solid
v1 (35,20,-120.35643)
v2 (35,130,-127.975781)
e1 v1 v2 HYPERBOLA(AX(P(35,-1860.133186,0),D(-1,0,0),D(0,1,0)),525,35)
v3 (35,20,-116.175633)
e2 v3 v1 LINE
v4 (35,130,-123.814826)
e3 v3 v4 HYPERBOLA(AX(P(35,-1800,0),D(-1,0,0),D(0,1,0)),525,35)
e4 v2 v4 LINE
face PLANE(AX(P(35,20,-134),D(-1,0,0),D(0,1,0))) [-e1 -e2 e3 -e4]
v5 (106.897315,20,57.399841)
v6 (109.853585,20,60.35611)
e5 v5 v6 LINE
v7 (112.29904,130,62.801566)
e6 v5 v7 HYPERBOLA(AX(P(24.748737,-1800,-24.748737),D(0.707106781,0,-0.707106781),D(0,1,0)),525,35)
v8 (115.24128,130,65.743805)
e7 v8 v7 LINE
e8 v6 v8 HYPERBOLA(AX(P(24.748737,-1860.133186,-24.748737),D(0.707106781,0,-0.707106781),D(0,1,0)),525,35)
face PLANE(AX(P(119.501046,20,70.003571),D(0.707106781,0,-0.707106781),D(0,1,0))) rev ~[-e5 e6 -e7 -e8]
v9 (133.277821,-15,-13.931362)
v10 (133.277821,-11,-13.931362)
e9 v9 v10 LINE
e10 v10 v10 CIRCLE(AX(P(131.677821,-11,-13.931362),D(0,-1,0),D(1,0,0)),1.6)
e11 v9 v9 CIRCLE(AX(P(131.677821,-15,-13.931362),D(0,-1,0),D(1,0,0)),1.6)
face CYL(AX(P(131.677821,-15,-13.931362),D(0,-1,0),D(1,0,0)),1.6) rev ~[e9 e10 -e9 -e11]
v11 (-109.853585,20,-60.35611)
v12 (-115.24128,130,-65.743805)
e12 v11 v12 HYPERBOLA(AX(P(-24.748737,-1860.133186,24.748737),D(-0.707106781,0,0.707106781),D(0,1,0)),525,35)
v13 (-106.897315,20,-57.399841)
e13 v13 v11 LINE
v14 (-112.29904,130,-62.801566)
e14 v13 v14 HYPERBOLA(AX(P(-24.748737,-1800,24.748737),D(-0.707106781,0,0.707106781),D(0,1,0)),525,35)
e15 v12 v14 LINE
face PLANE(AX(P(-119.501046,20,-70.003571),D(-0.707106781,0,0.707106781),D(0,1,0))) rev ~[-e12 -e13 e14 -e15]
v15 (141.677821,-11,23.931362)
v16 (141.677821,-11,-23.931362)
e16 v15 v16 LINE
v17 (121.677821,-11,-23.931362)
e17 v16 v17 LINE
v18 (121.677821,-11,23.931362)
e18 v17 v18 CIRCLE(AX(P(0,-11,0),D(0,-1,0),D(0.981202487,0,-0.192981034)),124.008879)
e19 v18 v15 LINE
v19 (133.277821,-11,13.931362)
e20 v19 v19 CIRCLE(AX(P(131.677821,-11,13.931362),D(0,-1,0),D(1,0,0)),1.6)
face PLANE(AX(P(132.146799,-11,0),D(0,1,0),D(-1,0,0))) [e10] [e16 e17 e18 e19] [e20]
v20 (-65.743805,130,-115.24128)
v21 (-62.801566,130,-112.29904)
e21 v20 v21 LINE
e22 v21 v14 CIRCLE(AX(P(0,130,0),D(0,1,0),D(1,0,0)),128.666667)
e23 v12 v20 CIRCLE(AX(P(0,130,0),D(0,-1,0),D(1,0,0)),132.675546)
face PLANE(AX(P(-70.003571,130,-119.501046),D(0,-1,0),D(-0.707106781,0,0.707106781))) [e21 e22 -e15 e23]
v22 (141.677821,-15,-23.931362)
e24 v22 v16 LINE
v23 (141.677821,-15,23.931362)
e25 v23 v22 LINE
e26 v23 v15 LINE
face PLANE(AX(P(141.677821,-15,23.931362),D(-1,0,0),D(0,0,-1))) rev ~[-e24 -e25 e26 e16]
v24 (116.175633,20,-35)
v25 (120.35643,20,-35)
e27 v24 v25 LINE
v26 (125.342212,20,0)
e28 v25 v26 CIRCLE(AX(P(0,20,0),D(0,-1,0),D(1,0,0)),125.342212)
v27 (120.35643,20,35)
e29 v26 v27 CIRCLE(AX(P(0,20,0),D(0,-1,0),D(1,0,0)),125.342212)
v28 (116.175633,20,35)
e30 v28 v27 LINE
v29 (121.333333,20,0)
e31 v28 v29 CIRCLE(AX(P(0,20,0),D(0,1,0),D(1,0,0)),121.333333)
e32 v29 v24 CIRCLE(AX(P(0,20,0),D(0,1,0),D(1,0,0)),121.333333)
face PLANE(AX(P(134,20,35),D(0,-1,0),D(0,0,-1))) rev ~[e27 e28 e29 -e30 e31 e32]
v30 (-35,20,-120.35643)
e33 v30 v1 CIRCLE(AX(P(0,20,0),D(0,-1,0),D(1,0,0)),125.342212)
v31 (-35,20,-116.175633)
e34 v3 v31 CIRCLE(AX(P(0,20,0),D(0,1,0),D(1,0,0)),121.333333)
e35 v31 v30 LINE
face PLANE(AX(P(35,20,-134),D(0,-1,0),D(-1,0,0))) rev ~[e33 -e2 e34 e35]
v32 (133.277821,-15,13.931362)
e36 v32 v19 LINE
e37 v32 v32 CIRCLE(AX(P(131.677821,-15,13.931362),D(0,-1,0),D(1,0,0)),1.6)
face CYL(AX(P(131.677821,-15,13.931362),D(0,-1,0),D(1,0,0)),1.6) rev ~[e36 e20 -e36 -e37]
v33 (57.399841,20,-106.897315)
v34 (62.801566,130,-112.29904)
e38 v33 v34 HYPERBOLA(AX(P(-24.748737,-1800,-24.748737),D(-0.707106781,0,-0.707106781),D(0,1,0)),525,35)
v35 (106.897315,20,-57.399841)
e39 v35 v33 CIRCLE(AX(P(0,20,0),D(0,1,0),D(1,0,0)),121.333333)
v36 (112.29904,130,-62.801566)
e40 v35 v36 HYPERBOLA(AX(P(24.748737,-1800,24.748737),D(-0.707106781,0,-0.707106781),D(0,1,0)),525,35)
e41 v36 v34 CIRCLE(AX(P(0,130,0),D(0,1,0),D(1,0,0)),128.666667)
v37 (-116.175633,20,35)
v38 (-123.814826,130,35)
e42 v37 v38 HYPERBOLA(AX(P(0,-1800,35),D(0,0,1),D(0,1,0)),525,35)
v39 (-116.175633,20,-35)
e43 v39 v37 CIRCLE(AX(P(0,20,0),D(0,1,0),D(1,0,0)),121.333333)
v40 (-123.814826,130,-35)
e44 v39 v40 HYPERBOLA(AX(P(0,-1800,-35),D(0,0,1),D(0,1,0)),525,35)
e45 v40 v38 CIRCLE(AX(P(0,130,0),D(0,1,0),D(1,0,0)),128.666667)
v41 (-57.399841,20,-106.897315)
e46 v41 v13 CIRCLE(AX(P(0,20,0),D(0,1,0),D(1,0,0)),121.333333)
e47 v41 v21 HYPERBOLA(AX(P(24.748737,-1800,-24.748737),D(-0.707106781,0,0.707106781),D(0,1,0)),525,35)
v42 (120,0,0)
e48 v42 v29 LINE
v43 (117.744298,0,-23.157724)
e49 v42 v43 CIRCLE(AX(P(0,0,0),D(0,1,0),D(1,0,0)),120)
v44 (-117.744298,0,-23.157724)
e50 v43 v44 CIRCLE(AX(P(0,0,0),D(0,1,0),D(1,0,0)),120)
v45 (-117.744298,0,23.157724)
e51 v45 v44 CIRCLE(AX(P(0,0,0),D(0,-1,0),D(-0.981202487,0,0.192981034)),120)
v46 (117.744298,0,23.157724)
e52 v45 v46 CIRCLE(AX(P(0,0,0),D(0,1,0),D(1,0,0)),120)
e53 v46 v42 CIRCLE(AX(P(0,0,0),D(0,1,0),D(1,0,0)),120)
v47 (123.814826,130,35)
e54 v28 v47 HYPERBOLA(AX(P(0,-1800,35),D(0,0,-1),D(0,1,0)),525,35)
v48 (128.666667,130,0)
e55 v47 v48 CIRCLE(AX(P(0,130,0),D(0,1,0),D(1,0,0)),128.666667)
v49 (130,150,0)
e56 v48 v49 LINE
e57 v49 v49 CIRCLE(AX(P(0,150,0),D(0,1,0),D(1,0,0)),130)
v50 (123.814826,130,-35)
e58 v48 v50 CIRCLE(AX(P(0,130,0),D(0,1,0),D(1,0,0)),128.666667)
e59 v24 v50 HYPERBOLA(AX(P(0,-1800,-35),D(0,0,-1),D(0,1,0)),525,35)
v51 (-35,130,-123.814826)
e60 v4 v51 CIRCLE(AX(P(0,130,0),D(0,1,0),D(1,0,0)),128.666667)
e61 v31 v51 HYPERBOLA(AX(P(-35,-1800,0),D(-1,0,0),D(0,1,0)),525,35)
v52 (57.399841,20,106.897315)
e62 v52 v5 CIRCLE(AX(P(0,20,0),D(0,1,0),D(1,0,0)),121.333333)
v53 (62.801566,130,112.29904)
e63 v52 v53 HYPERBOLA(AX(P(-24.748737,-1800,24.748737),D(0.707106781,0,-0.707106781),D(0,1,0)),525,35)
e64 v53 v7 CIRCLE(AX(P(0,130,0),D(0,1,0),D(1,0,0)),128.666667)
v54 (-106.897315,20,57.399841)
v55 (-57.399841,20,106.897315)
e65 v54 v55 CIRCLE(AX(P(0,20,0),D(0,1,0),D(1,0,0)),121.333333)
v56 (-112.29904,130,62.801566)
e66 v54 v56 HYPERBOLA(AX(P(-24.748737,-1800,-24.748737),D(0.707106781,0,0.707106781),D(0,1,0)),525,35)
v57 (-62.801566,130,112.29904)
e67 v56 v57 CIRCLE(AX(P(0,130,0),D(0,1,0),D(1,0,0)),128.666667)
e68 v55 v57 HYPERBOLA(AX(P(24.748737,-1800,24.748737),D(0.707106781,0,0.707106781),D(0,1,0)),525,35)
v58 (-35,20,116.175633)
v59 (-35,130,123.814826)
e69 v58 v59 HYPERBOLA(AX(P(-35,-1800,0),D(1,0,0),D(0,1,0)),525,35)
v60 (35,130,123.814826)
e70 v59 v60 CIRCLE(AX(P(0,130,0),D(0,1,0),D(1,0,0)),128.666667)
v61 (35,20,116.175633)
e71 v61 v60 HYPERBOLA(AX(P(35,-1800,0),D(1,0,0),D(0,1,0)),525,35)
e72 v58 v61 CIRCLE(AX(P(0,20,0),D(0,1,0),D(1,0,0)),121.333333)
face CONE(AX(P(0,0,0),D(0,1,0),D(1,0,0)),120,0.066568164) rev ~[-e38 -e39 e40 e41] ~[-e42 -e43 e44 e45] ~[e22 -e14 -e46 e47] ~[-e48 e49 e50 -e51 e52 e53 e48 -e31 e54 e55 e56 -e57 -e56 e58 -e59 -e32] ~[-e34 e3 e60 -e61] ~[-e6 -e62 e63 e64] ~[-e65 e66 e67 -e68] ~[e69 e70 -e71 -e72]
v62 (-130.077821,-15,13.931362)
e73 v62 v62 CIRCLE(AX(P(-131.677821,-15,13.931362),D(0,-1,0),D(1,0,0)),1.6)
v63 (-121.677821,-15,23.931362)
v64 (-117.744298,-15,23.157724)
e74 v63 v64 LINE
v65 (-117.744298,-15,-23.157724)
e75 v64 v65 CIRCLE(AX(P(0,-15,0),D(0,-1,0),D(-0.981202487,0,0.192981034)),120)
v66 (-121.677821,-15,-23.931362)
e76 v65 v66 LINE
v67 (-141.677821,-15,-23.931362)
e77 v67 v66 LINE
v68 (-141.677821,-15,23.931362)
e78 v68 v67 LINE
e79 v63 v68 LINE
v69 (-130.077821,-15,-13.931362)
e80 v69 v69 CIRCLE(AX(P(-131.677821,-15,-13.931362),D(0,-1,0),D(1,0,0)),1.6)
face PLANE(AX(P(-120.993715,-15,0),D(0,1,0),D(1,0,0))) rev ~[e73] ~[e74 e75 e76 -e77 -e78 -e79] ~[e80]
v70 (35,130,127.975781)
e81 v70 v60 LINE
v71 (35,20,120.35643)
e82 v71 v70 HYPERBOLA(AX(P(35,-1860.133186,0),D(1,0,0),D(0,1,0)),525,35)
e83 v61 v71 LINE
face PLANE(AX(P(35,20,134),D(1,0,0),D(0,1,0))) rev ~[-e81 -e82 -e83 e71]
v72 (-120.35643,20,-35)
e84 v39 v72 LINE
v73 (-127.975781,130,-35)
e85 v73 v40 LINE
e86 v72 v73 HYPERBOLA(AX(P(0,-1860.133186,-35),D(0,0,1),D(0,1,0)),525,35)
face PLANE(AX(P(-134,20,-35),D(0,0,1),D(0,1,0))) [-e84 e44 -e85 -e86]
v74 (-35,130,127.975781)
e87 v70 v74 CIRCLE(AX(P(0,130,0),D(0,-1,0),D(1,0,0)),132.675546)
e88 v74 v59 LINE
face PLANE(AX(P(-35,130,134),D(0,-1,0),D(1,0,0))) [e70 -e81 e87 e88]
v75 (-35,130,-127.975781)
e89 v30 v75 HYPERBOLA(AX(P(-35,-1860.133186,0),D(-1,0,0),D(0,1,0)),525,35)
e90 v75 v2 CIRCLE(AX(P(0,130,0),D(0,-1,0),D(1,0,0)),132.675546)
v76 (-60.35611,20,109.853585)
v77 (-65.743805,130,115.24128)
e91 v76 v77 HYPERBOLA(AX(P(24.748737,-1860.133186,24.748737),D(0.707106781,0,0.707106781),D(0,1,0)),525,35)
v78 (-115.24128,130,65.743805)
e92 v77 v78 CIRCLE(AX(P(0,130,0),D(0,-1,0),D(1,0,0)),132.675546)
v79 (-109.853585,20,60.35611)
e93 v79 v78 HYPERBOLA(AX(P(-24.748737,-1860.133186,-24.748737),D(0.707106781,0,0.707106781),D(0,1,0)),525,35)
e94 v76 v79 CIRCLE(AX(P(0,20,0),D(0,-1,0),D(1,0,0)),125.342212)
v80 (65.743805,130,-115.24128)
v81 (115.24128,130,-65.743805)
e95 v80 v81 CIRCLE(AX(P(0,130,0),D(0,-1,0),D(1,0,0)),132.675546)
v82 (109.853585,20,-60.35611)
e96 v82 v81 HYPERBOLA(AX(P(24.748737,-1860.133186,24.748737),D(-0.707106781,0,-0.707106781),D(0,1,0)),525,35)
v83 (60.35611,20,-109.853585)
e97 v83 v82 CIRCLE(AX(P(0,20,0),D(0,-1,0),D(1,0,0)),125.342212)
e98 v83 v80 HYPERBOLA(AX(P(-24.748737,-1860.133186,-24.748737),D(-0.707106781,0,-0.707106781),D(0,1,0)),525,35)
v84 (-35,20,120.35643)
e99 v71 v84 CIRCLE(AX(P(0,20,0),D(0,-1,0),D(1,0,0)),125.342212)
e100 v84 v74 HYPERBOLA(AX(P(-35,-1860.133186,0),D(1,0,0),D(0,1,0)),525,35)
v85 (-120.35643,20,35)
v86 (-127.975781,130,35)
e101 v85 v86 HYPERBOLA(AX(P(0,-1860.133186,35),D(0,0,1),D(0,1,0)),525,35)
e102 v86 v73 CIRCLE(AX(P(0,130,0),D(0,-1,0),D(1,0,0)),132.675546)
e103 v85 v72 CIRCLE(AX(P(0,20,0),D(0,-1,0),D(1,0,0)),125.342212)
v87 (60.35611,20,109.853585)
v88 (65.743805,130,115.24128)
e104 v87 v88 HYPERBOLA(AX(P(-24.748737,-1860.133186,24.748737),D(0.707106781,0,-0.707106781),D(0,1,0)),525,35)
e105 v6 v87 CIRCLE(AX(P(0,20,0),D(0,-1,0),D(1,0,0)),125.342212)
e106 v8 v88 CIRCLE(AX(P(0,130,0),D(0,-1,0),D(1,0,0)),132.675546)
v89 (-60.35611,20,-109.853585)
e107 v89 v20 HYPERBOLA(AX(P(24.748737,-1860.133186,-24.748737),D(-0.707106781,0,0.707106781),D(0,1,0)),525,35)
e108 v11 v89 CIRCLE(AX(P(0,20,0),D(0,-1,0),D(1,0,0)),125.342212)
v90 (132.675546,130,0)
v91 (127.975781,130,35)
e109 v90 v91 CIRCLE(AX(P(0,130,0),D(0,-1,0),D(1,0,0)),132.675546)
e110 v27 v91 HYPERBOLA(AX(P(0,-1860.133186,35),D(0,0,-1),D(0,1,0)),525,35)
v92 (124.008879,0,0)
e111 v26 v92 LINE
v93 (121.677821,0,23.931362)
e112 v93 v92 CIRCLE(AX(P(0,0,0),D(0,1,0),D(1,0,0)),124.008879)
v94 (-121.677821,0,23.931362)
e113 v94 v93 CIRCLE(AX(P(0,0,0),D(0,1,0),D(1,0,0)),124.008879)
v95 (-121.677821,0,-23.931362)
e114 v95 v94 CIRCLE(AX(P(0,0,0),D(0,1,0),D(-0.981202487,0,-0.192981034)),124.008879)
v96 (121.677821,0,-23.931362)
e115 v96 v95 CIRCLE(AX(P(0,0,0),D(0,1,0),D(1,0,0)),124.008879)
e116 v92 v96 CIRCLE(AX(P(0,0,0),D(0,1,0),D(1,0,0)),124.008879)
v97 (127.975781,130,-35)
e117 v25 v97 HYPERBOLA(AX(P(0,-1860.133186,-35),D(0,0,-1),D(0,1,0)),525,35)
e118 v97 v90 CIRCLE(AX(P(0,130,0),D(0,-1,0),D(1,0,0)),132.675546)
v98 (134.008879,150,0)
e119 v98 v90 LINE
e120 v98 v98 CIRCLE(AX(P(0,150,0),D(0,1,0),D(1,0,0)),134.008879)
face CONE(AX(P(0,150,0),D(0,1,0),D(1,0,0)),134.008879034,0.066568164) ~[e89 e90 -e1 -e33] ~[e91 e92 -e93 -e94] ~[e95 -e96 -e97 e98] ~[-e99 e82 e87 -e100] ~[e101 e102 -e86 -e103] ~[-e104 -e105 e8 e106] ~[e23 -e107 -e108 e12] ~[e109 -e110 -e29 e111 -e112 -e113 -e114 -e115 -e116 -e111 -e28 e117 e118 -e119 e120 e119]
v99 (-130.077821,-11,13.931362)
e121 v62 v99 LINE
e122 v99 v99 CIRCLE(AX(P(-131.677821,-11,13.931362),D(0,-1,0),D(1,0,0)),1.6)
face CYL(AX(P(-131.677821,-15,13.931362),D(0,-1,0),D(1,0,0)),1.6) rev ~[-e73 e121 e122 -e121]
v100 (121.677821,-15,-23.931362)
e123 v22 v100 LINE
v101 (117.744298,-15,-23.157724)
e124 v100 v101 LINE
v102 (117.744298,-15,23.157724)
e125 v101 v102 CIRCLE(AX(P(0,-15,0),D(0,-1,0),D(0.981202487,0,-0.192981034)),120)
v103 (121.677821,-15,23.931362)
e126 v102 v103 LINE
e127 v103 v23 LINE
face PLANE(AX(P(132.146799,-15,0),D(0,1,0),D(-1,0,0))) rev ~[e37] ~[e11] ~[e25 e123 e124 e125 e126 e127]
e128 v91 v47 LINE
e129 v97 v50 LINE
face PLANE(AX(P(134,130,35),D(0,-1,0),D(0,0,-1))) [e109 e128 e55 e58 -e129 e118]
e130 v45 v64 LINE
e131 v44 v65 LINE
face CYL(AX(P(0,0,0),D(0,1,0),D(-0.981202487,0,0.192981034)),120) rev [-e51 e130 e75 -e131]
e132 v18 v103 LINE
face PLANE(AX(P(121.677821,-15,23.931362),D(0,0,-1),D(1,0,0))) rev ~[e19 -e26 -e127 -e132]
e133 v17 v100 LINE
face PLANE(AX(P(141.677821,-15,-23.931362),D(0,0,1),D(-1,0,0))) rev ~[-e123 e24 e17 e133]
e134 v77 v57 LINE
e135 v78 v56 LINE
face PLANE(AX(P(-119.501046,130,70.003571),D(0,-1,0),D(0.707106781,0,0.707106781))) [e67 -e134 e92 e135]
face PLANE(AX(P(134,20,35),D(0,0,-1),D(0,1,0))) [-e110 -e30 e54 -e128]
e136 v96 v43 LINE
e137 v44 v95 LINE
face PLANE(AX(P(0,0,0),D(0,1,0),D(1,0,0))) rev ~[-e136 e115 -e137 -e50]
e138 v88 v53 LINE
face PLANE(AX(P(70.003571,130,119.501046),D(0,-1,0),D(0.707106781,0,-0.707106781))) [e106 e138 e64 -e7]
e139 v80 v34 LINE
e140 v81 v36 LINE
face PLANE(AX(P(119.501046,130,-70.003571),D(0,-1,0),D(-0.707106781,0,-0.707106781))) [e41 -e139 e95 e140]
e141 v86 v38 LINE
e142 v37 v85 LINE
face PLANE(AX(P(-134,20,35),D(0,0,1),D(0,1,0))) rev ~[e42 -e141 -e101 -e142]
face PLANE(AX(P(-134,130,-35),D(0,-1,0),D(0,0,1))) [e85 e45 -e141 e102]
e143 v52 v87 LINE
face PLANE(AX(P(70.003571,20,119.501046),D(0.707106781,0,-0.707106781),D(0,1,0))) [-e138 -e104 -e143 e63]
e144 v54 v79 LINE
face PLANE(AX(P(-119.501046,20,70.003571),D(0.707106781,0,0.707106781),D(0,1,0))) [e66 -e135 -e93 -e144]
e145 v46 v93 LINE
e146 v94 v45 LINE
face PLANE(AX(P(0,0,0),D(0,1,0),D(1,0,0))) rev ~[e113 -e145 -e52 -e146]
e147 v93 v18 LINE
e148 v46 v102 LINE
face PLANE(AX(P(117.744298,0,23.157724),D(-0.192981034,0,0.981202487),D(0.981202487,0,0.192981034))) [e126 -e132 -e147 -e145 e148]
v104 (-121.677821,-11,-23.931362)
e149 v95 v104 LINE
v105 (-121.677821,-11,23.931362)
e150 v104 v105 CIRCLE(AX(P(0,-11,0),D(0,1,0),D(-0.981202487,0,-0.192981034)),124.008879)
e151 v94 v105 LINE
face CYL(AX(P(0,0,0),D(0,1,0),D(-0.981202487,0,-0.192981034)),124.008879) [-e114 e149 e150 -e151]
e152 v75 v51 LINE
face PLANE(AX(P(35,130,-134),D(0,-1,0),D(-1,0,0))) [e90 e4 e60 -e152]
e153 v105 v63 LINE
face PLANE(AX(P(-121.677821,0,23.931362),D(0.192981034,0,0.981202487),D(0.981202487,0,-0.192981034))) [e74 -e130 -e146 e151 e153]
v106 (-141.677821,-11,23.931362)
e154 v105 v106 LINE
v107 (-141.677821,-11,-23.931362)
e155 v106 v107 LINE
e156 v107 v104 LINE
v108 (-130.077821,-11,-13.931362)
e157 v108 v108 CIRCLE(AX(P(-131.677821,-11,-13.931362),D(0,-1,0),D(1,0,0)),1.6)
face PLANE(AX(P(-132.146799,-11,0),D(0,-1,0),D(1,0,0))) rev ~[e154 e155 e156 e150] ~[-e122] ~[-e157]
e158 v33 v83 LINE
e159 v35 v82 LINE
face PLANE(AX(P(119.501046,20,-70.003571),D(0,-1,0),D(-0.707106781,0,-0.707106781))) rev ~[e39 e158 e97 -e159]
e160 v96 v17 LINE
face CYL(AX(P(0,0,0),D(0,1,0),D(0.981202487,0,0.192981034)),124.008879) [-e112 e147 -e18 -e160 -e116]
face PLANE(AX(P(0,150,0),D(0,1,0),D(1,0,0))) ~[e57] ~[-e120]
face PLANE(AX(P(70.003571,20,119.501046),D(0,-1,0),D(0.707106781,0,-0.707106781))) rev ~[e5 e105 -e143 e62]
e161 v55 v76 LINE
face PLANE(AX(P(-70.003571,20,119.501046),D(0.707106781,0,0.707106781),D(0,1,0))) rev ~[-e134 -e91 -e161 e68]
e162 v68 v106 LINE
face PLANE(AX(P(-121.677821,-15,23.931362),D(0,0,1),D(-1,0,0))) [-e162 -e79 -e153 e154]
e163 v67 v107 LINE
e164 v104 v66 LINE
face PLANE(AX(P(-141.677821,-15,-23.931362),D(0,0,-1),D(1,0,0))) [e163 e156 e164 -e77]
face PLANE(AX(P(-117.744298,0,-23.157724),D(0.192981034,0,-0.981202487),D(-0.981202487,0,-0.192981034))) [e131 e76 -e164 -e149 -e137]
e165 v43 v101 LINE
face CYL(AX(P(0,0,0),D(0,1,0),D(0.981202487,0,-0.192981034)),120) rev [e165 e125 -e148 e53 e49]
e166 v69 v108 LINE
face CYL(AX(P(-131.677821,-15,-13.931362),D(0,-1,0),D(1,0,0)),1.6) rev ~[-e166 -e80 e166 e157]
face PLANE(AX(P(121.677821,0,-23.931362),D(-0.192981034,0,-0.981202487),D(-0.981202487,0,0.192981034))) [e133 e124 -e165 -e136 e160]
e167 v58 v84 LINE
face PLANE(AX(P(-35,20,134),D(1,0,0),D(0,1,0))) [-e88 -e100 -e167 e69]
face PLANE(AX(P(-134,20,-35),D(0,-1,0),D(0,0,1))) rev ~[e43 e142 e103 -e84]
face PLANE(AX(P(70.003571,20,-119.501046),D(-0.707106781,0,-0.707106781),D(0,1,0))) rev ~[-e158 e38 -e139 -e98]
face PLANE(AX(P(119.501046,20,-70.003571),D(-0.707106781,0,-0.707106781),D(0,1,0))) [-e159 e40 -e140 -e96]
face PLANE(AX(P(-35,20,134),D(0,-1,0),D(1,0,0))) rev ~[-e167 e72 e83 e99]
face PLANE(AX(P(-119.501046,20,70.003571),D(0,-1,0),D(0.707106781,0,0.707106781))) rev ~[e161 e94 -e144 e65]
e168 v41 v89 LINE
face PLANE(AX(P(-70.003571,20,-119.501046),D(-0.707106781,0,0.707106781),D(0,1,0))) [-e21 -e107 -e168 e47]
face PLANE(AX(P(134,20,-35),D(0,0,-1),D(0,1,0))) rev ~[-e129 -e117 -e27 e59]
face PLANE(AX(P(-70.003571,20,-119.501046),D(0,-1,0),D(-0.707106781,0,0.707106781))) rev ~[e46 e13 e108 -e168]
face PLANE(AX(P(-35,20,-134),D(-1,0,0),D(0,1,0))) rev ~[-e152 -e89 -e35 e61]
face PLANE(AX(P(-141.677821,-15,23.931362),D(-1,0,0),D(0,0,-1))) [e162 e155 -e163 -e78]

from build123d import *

# Parameters (mm, degrees)
SKETCH6_W           = 70
SKETCH6_H           = 110
CUT_EXTRUDE2_DEPTH  = 20
BOSS_EXTRUDE1_DEPTH = 15
BOSS_EXTRUDE2_DEPTH = 4
SKETCH9_R           = 1.6
CUT_EXTRUDE3_DEPTH  = 24
CIRPATTERN1_COUNT   = 8


with BuildPart() as part:
    # Sketch2 → Revolve1 (revolve)
    with BuildSketch(Plane.XY):
        Polygon((120, 0), (130, 150), (134.008879034, 150), (124.008879034, 0), align=None)
    revolve(axis=Axis((0, 0, 0), (0, 1, 0)))

    # Sketch6 → Cut-Extrude2 (cut, symmetric)
    with BuildSketch(Plane.XY.offset(134)):
        with Locations((0, 75)):
            Rectangle(SKETCH6_W, SKETCH6_H)
    cut_extrude2 = extrude(amount=CUT_EXTRUDE2_DEPTH, both=True, mode=Mode.SUBTRACT)

    # Sketch7 → Boss-Extrude1 (add)
    with BuildSketch(Plane(origin=(0, 0, 0), x_dir=(1, 0, 0), z_dir=(0, 1, 0))):
        with BuildLine():
            Line((-117.744298431, 23.157724131), (-121.677820509, 23.931361754))
            ThreePointArc((-121.677820509, 23.931361754), (-124.008879034, 0), (-121.677820509, -23.931361754))
            Line((-121.677820509, -23.931361754), (-117.744298431, -23.157724131))
            ThreePointArc((-117.744298431, -23.157724131), (-120, 0), (-117.744298431, 23.157724131))
        make_face()
        with BuildLine():
            Line((117.744298431, -23.157724131), (121.677820509, -23.931361754))
            ThreePointArc((121.677820509, -23.931361754), (124.008879034, 0), (121.677820509, 23.931361754))
            Line((121.677820509, 23.931361754), (117.744298431, 23.157724131))
            ThreePointArc((117.744298431, 23.157724131), (120, 0), (117.744298431, -23.157724131))
        make_face()
    extrude(amount=-BOSS_EXTRUDE1_DEPTH)

    # Sketch8 → Boss-Extrude2 (add)
    with BuildSketch(Plane.XZ.offset(15)):
        with BuildLine():
            Line((121.677820509, 23.931361754), (141.677820509, 23.931361754))
            Line((141.677820509, 23.931361754), (141.677820509, -23.931361754))
            Line((141.677820509, -23.931361754), (121.677820509, -23.931361754))
            ThreePointArc((121.677820509, -23.931361754), (124.008879034, 0), (121.677820509, 23.931361754))
        make_face()
        with BuildLine():
            Line((-121.677820509, 23.931361754), (-141.677820509, 23.931361754))
            Line((-141.677820509, 23.931361754), (-141.677820509, -23.931361754))
            Line((-141.677820509, -23.931361754), (-121.677820509, -23.931361754))
            ThreePointArc((-121.677820509, -23.931361754), (-124.008879034, 0), (-121.677820509, 23.931361754))
        make_face()
    extrude(amount=-BOSS_EXTRUDE2_DEPTH)

    # Sketch9 → Cut-Extrude3 (cut)
    with BuildSketch(Plane.XZ.offset(15)):
        with Locations((131.677820509, 13.931361754)):
            Circle(SKETCH9_R)
        with Locations((131.677820509, -13.931361754)):
            Circle(SKETCH9_R)
        with Locations((-131.677820509, -13.931361754)):
            Circle(SKETCH9_R)
        with Locations((-131.677820509, 13.931361754)):
            Circle(SKETCH9_R)
    extrude(amount=-CUT_EXTRUDE3_DEPTH, mode=Mode.SUBTRACT)

    # CirPattern1: Cut-Extrude2 ×8 about axis
    cirpattern1_axis = Axis((0, 0, 0), (0, 1, 0))
    for i in range(1, CIRPATTERN1_COUNT):
        add(cut_extrude2.rotate(cirpattern1_axis, i * 360 / CIRPATTERN1_COUNT), mode=Mode.SUBTRACT)


solid = part.part
